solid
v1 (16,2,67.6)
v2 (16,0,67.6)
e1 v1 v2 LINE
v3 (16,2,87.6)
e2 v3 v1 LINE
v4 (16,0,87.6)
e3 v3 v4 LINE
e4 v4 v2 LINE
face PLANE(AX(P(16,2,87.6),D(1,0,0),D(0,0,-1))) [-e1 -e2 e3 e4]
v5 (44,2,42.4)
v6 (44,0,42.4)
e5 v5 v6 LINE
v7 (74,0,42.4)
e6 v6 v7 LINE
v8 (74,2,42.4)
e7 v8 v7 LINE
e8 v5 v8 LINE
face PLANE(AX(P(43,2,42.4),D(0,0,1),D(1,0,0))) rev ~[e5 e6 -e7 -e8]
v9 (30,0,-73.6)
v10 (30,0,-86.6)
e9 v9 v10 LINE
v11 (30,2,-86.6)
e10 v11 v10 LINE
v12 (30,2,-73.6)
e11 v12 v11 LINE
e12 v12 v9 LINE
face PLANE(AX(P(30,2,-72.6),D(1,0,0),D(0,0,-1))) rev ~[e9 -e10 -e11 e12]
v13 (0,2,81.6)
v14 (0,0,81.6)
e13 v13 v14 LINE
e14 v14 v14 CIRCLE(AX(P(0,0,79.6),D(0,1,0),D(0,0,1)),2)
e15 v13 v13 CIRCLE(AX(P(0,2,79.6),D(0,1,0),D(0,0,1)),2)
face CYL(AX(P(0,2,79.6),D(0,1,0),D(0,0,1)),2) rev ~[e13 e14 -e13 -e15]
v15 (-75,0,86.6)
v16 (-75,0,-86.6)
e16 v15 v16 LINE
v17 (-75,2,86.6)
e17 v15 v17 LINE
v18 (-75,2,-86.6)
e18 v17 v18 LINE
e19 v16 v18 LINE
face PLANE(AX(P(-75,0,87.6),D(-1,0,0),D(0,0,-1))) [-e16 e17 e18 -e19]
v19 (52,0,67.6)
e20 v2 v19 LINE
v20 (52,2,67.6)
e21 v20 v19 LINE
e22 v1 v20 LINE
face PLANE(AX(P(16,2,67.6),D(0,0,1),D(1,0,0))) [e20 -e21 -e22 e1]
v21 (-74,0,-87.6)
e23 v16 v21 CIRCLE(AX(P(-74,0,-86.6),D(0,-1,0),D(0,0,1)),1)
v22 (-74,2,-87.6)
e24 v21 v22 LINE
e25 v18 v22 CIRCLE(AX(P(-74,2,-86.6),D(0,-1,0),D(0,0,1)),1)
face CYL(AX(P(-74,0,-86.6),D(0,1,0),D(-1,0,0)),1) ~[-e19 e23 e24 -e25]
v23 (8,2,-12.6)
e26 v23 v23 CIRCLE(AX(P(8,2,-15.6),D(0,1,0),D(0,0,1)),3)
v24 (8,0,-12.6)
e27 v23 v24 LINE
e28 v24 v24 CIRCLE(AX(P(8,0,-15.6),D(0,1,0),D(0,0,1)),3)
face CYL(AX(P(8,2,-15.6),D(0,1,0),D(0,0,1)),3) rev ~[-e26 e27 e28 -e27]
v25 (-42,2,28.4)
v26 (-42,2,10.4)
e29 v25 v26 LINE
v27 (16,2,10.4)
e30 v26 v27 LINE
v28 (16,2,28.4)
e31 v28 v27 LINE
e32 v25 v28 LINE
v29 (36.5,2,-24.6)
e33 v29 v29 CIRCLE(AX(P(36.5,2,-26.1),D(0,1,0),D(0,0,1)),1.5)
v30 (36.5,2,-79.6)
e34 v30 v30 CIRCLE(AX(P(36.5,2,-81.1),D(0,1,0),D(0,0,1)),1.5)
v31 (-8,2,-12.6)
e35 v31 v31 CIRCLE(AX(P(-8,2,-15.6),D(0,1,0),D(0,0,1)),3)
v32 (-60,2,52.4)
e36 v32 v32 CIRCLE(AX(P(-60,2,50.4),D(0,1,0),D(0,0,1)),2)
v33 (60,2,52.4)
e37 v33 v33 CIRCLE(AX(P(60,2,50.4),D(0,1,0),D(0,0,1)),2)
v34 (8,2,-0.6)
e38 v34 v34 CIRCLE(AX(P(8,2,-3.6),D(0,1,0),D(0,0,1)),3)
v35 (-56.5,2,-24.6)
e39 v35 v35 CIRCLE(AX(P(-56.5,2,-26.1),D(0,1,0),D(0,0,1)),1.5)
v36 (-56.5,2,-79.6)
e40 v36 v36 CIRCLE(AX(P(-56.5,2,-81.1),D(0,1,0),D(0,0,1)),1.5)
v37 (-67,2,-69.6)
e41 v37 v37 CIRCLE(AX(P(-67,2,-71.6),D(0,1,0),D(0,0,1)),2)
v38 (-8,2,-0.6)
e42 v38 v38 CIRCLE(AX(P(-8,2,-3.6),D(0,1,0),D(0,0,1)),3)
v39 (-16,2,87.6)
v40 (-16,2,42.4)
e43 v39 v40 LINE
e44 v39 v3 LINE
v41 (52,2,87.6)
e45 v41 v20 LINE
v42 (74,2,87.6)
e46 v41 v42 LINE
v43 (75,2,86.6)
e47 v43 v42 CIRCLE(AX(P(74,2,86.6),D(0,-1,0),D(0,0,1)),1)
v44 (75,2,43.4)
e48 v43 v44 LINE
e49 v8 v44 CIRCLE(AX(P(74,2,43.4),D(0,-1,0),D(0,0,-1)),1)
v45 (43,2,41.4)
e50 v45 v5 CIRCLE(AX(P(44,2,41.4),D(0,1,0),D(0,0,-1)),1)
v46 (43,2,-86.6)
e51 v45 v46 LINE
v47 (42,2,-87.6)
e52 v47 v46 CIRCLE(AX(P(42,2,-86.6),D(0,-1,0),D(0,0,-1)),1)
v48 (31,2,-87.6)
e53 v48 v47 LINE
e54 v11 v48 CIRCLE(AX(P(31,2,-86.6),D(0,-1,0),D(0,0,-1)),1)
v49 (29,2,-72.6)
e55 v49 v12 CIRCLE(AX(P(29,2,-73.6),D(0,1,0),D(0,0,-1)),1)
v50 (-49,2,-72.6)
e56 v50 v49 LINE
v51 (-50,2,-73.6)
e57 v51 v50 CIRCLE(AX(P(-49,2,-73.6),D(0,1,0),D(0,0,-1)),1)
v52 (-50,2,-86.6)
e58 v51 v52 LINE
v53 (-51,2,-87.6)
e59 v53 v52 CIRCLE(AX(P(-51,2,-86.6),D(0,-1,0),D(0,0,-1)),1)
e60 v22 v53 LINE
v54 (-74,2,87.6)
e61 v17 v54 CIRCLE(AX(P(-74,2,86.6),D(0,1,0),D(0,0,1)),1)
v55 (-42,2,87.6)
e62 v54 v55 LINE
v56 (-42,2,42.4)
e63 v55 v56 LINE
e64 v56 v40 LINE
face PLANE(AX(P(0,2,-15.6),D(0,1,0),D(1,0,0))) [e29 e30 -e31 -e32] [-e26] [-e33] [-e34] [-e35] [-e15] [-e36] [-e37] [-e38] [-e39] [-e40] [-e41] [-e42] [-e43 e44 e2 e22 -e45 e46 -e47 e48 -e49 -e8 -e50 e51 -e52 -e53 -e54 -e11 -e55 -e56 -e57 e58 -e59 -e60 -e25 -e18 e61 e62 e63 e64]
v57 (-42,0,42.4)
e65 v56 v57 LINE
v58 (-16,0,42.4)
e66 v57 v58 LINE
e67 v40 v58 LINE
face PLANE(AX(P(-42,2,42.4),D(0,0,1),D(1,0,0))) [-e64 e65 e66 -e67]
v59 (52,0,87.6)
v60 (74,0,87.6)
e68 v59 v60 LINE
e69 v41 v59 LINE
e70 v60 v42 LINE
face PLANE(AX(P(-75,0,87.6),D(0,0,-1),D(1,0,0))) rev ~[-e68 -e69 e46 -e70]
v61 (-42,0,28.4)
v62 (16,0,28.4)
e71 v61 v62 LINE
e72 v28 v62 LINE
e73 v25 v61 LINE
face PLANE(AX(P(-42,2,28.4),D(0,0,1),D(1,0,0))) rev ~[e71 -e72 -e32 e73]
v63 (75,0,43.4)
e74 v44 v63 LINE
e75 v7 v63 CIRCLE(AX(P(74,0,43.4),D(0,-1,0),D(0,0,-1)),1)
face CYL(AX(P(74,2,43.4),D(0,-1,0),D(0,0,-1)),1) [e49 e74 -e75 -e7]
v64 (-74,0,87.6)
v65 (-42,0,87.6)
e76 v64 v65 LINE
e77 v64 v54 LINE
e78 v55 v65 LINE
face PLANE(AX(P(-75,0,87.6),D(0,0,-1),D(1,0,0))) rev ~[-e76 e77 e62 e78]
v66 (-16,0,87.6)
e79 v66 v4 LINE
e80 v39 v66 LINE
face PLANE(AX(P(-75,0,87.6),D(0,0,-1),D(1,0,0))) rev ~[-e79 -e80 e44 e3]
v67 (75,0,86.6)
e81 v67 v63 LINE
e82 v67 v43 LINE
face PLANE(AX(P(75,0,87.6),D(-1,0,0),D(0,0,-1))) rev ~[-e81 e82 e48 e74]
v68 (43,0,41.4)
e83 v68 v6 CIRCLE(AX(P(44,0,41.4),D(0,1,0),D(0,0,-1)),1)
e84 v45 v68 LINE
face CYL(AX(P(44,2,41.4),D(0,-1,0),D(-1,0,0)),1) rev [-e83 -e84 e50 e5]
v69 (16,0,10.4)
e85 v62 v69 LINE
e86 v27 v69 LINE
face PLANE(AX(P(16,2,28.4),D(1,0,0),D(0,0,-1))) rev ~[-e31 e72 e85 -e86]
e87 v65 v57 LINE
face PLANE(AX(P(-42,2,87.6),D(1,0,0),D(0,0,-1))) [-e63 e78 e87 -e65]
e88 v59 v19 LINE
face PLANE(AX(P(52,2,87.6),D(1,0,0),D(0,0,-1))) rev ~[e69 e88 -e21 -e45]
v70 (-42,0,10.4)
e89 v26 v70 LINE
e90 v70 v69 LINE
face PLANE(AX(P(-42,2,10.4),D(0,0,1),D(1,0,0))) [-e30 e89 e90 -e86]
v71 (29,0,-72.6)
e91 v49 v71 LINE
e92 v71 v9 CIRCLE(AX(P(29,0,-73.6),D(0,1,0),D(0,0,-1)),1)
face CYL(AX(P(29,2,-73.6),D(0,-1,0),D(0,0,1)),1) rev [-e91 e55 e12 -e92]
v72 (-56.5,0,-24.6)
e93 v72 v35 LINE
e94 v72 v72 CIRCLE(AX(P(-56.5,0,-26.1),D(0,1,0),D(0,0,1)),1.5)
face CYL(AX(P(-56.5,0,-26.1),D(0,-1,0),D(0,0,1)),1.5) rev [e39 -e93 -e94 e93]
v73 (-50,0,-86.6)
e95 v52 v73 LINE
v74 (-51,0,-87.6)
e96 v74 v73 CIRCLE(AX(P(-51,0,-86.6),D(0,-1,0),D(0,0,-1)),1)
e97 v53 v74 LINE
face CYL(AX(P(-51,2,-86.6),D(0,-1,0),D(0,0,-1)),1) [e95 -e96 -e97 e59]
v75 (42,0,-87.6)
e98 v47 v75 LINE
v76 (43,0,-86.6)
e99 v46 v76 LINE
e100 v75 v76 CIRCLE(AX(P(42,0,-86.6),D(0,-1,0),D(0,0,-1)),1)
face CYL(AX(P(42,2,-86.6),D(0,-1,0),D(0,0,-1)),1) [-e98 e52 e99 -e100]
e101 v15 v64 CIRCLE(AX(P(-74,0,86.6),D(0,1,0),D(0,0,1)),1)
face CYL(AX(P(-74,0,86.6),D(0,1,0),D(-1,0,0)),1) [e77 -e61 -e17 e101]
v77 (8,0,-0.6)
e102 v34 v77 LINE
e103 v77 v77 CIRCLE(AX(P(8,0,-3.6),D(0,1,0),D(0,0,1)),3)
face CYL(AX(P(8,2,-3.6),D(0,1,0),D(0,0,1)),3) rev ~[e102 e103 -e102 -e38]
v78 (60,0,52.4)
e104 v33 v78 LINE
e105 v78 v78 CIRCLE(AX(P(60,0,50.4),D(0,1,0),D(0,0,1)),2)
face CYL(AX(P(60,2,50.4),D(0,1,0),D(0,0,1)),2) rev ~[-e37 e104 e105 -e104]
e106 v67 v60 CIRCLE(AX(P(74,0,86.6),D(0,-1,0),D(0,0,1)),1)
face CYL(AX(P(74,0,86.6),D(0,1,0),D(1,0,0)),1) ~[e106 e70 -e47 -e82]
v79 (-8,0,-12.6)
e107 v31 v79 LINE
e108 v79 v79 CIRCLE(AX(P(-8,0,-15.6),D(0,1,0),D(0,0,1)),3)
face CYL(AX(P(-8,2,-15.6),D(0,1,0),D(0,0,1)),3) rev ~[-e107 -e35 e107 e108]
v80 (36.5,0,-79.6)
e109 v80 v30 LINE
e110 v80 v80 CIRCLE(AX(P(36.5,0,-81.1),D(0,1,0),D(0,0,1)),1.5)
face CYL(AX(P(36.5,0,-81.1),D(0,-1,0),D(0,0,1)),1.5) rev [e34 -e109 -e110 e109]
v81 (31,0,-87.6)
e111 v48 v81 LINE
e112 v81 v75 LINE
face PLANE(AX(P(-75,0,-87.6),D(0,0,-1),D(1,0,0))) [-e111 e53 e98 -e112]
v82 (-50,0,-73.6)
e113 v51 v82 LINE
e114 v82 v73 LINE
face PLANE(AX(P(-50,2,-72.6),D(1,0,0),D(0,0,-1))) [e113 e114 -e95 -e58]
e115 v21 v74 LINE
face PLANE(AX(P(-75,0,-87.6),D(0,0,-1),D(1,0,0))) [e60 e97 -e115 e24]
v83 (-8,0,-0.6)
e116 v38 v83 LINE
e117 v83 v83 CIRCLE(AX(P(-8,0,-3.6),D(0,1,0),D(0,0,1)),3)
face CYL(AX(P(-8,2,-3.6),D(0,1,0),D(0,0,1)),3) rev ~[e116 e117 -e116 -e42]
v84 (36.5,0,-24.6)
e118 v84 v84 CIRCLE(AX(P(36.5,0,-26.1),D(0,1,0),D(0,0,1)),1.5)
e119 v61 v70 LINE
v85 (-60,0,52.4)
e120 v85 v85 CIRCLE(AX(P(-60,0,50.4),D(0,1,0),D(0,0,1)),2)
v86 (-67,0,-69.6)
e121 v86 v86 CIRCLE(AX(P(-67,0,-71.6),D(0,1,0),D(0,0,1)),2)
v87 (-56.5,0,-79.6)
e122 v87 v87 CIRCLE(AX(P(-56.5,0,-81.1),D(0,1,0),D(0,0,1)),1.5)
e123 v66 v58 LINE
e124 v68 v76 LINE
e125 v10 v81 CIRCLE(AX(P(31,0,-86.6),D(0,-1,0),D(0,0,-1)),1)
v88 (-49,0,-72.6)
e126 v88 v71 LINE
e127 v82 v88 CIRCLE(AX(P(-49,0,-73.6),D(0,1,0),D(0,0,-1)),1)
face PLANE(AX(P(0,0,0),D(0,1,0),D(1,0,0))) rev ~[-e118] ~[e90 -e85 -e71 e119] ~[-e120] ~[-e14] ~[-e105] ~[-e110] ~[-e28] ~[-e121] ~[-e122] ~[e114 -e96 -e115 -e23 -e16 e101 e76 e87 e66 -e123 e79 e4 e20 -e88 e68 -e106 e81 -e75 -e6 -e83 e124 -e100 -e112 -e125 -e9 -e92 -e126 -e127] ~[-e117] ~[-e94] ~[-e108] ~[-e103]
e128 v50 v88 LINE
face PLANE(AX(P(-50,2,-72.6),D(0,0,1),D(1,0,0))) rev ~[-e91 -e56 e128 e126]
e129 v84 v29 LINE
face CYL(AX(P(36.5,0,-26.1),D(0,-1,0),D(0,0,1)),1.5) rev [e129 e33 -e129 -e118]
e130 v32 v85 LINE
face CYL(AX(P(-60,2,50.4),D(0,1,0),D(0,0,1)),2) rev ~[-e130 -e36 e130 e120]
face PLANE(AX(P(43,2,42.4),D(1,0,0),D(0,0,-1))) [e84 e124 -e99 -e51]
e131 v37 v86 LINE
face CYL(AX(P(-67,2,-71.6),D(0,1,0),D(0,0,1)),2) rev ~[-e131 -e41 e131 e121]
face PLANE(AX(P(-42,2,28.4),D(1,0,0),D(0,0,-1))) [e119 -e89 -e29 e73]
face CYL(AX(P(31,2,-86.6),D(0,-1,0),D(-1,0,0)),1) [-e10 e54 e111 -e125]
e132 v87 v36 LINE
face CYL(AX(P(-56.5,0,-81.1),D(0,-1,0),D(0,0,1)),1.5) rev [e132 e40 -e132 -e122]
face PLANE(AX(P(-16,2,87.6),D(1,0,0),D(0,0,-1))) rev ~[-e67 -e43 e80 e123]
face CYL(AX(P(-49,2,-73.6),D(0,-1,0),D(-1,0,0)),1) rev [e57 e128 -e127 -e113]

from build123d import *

# Parameters (mm, degrees)
CROQUIS1_W         = 150
CROQUIS1_H         = 175.2
CROQUIS1_R         = 1.5
EXTRUIR1_DEPTH     = 2
CROQUIS2_W         = 80
CROQUIS2_H         = 15
EXTRUIR2_DEPTH     = 10
CROQUIS3_W         = 32
CROQUIS3_H         = 130
EXTRUIR3_DEPTH     = 10
CROQUIS4_R         = 2
EXTRUIR4_DEPTH     = 10
CROQUIS5_R         = 3
EXTRUIR5_DEPTH     = 10
MATRIZL1_COUNT     = 2
MATRIZL1_PITCH     = 8
MATRIZL1_COL_COUNT = 2
MATRIZL1_COL_PITCH = 8
CROQUIS6_R         = 3
EXTRUIR6_DEPTH     = 2
CROQUIS7_W         = 26
CROQUIS7_H         = 45.2
CROQUIS7_W_2       = 36
CROQUIS7_H_2       = 20
CROQUIS7_W_3       = 58
CROQUIS7_H_3       = 18
EXTRUIR7_DEPTH     = 10
REDONDEO1_R        = 1


with BuildPart() as part:
    # Croquis1 → Extruir1 (new body)
    with BuildSketch(Plane(origin=(0, 0, 0), x_dir=(1, 0, 0), z_dir=(0, 1, 0))):
        Rectangle(CROQUIS1_W, CROQUIS1_H)
        with Locations(Location((-56.5, 81.1, 0), (0, 0, 270))):
            Circle(CROQUIS1_R, mode=Mode.SUBTRACT)
        with Locations(Location((36.5, 81.1, 0), (0, 0, 270))):
            Circle(CROQUIS1_R, mode=Mode.SUBTRACT)
        with Locations(Location((-56.5, 26.1, 0), (0, 0, 270))):
            Circle(CROQUIS1_R, mode=Mode.SUBTRACT)
        with Locations(Location((36.5, 26.1, 0), (0, 0, 270))):
            Circle(CROQUIS1_R, mode=Mode.SUBTRACT)
    extrude(amount=EXTRUIR1_DEPTH)

    # Croquis2 → Extruir2 (cut)
    with BuildSketch(Plane(origin=(0, 2, 0), x_dir=(1, 0, 0), z_dir=(0, 1, 0))):
        with Locations((-10, 80.1)):
            Rectangle(CROQUIS2_W, CROQUIS2_H)
    extrude(amount=-EXTRUIR2_DEPTH, mode=Mode.SUBTRACT)

    # Croquis3 → Extruir3 (cut)
    with BuildSketch(Plane(origin=(0, 2, 0), x_dir=(1, 0, 0), z_dir=(0, 1, 0))):
        with Locations((59, 22.6)):
            Rectangle(CROQUIS3_W, CROQUIS3_H)
    extrude(amount=-EXTRUIR3_DEPTH, mode=Mode.SUBTRACT)

    # Croquis4 → Extruir4 (cut)
    with BuildSketch(Plane(origin=(0, 2, 0), x_dir=(1, 0, 0), z_dir=(0, 1, 0))):
        with Locations(Location((-60, -50.4, 0), (0, 0, 270))):
            Circle(CROQUIS4_R)
        with Locations(Location((60, -50.4, 0), (0, 0, 270))):
            Circle(CROQUIS4_R)
        with Locations(Location((-67, 71.6, 0), (0, 0, 270))):
            Circle(CROQUIS4_R)
        with Locations(Location((0, -79.6, 0), (0, 0, 270))):
            Circle(CROQUIS4_R)
    extrude(amount=-EXTRUIR4_DEPTH, mode=Mode.SUBTRACT)

    # Croquis5 → Extruir5 (cut)
    with BuildSketch(Plane(origin=(0, 2, 0), x_dir=(1, 0, 0), z_dir=(0, 1, 0))):
        with Locations(Location((0, 15.6, 0), (0, 0, 270))):
            Circle(CROQUIS5_R)
        with Locations(Location((0, 3.6, 0), (0, 0, 270))):
            Circle(CROQUIS5_R)
    extruir5 = extrude(amount=-EXTRUIR5_DEPTH, mode=Mode.SUBTRACT)

    # MatrizL1: Extruir5 ×2
    with Locations(*[(-i * MATRIZL1_PITCH, 0, 0) for i in range(1, MATRIZL1_COUNT)]):
        add(extruir5, mode=Mode.SUBTRACT)

    # MatrizL1 col: Extruir5 ×2
    with Locations(*[(i * MATRIZL1_COL_PITCH, 0, 0) for i in range(1, MATRIZL1_COL_COUNT)]):
        add(extruir5, mode=Mode.SUBTRACT)

    # Croquis6 → Extruir6 (add)
    with BuildSketch(Plane(origin=(0, 2, 0), x_dir=(1, 0, 0), z_dir=(0, 1, 0))):
        with Locations((0, 15.6)):
            Circle(CROQUIS6_R)
        with Locations((0, 3.6)):
            Circle(CROQUIS6_R)
    extrude(amount=-EXTRUIR6_DEPTH)

    # Croquis7 → Extruir7 (cut)
    with BuildSketch(Plane(origin=(0, 2, 0), x_dir=(1, 0, 0), z_dir=(0, 1, 0))):
        with Locations((-29, -65)):
            Rectangle(CROQUIS7_W, CROQUIS7_H)
        with Locations((34, -77.6)):
            Rectangle(CROQUIS7_W_2, CROQUIS7_H_2)
        with Locations((-13, -19.4)):
            Rectangle(CROQUIS7_W_3, CROQUIS7_H_3)
    extrude(amount=-EXTRUIR7_DEPTH, mode=Mode.SUBTRACT)

    # Redondeo1
    redondeo1_edges = [part.edges().sort_by_distance(p)[0] for p in [
        (30, 1, -87.6),
        (-50, 1, -87.6),
        (30, 1, -72.6),
        (-50, 1, -72.6),
        (43, 1, -87.6),
        (75, 1, 42.4),
        (43, 1, 42.4),
        (-75, 1, -87.6),
        (75, 1, 87.6),
        (-75, 1, 87.6),
    ]]
    fillet(redondeo1_edges, radius=REDONDEO1_R)


solid = part.part
